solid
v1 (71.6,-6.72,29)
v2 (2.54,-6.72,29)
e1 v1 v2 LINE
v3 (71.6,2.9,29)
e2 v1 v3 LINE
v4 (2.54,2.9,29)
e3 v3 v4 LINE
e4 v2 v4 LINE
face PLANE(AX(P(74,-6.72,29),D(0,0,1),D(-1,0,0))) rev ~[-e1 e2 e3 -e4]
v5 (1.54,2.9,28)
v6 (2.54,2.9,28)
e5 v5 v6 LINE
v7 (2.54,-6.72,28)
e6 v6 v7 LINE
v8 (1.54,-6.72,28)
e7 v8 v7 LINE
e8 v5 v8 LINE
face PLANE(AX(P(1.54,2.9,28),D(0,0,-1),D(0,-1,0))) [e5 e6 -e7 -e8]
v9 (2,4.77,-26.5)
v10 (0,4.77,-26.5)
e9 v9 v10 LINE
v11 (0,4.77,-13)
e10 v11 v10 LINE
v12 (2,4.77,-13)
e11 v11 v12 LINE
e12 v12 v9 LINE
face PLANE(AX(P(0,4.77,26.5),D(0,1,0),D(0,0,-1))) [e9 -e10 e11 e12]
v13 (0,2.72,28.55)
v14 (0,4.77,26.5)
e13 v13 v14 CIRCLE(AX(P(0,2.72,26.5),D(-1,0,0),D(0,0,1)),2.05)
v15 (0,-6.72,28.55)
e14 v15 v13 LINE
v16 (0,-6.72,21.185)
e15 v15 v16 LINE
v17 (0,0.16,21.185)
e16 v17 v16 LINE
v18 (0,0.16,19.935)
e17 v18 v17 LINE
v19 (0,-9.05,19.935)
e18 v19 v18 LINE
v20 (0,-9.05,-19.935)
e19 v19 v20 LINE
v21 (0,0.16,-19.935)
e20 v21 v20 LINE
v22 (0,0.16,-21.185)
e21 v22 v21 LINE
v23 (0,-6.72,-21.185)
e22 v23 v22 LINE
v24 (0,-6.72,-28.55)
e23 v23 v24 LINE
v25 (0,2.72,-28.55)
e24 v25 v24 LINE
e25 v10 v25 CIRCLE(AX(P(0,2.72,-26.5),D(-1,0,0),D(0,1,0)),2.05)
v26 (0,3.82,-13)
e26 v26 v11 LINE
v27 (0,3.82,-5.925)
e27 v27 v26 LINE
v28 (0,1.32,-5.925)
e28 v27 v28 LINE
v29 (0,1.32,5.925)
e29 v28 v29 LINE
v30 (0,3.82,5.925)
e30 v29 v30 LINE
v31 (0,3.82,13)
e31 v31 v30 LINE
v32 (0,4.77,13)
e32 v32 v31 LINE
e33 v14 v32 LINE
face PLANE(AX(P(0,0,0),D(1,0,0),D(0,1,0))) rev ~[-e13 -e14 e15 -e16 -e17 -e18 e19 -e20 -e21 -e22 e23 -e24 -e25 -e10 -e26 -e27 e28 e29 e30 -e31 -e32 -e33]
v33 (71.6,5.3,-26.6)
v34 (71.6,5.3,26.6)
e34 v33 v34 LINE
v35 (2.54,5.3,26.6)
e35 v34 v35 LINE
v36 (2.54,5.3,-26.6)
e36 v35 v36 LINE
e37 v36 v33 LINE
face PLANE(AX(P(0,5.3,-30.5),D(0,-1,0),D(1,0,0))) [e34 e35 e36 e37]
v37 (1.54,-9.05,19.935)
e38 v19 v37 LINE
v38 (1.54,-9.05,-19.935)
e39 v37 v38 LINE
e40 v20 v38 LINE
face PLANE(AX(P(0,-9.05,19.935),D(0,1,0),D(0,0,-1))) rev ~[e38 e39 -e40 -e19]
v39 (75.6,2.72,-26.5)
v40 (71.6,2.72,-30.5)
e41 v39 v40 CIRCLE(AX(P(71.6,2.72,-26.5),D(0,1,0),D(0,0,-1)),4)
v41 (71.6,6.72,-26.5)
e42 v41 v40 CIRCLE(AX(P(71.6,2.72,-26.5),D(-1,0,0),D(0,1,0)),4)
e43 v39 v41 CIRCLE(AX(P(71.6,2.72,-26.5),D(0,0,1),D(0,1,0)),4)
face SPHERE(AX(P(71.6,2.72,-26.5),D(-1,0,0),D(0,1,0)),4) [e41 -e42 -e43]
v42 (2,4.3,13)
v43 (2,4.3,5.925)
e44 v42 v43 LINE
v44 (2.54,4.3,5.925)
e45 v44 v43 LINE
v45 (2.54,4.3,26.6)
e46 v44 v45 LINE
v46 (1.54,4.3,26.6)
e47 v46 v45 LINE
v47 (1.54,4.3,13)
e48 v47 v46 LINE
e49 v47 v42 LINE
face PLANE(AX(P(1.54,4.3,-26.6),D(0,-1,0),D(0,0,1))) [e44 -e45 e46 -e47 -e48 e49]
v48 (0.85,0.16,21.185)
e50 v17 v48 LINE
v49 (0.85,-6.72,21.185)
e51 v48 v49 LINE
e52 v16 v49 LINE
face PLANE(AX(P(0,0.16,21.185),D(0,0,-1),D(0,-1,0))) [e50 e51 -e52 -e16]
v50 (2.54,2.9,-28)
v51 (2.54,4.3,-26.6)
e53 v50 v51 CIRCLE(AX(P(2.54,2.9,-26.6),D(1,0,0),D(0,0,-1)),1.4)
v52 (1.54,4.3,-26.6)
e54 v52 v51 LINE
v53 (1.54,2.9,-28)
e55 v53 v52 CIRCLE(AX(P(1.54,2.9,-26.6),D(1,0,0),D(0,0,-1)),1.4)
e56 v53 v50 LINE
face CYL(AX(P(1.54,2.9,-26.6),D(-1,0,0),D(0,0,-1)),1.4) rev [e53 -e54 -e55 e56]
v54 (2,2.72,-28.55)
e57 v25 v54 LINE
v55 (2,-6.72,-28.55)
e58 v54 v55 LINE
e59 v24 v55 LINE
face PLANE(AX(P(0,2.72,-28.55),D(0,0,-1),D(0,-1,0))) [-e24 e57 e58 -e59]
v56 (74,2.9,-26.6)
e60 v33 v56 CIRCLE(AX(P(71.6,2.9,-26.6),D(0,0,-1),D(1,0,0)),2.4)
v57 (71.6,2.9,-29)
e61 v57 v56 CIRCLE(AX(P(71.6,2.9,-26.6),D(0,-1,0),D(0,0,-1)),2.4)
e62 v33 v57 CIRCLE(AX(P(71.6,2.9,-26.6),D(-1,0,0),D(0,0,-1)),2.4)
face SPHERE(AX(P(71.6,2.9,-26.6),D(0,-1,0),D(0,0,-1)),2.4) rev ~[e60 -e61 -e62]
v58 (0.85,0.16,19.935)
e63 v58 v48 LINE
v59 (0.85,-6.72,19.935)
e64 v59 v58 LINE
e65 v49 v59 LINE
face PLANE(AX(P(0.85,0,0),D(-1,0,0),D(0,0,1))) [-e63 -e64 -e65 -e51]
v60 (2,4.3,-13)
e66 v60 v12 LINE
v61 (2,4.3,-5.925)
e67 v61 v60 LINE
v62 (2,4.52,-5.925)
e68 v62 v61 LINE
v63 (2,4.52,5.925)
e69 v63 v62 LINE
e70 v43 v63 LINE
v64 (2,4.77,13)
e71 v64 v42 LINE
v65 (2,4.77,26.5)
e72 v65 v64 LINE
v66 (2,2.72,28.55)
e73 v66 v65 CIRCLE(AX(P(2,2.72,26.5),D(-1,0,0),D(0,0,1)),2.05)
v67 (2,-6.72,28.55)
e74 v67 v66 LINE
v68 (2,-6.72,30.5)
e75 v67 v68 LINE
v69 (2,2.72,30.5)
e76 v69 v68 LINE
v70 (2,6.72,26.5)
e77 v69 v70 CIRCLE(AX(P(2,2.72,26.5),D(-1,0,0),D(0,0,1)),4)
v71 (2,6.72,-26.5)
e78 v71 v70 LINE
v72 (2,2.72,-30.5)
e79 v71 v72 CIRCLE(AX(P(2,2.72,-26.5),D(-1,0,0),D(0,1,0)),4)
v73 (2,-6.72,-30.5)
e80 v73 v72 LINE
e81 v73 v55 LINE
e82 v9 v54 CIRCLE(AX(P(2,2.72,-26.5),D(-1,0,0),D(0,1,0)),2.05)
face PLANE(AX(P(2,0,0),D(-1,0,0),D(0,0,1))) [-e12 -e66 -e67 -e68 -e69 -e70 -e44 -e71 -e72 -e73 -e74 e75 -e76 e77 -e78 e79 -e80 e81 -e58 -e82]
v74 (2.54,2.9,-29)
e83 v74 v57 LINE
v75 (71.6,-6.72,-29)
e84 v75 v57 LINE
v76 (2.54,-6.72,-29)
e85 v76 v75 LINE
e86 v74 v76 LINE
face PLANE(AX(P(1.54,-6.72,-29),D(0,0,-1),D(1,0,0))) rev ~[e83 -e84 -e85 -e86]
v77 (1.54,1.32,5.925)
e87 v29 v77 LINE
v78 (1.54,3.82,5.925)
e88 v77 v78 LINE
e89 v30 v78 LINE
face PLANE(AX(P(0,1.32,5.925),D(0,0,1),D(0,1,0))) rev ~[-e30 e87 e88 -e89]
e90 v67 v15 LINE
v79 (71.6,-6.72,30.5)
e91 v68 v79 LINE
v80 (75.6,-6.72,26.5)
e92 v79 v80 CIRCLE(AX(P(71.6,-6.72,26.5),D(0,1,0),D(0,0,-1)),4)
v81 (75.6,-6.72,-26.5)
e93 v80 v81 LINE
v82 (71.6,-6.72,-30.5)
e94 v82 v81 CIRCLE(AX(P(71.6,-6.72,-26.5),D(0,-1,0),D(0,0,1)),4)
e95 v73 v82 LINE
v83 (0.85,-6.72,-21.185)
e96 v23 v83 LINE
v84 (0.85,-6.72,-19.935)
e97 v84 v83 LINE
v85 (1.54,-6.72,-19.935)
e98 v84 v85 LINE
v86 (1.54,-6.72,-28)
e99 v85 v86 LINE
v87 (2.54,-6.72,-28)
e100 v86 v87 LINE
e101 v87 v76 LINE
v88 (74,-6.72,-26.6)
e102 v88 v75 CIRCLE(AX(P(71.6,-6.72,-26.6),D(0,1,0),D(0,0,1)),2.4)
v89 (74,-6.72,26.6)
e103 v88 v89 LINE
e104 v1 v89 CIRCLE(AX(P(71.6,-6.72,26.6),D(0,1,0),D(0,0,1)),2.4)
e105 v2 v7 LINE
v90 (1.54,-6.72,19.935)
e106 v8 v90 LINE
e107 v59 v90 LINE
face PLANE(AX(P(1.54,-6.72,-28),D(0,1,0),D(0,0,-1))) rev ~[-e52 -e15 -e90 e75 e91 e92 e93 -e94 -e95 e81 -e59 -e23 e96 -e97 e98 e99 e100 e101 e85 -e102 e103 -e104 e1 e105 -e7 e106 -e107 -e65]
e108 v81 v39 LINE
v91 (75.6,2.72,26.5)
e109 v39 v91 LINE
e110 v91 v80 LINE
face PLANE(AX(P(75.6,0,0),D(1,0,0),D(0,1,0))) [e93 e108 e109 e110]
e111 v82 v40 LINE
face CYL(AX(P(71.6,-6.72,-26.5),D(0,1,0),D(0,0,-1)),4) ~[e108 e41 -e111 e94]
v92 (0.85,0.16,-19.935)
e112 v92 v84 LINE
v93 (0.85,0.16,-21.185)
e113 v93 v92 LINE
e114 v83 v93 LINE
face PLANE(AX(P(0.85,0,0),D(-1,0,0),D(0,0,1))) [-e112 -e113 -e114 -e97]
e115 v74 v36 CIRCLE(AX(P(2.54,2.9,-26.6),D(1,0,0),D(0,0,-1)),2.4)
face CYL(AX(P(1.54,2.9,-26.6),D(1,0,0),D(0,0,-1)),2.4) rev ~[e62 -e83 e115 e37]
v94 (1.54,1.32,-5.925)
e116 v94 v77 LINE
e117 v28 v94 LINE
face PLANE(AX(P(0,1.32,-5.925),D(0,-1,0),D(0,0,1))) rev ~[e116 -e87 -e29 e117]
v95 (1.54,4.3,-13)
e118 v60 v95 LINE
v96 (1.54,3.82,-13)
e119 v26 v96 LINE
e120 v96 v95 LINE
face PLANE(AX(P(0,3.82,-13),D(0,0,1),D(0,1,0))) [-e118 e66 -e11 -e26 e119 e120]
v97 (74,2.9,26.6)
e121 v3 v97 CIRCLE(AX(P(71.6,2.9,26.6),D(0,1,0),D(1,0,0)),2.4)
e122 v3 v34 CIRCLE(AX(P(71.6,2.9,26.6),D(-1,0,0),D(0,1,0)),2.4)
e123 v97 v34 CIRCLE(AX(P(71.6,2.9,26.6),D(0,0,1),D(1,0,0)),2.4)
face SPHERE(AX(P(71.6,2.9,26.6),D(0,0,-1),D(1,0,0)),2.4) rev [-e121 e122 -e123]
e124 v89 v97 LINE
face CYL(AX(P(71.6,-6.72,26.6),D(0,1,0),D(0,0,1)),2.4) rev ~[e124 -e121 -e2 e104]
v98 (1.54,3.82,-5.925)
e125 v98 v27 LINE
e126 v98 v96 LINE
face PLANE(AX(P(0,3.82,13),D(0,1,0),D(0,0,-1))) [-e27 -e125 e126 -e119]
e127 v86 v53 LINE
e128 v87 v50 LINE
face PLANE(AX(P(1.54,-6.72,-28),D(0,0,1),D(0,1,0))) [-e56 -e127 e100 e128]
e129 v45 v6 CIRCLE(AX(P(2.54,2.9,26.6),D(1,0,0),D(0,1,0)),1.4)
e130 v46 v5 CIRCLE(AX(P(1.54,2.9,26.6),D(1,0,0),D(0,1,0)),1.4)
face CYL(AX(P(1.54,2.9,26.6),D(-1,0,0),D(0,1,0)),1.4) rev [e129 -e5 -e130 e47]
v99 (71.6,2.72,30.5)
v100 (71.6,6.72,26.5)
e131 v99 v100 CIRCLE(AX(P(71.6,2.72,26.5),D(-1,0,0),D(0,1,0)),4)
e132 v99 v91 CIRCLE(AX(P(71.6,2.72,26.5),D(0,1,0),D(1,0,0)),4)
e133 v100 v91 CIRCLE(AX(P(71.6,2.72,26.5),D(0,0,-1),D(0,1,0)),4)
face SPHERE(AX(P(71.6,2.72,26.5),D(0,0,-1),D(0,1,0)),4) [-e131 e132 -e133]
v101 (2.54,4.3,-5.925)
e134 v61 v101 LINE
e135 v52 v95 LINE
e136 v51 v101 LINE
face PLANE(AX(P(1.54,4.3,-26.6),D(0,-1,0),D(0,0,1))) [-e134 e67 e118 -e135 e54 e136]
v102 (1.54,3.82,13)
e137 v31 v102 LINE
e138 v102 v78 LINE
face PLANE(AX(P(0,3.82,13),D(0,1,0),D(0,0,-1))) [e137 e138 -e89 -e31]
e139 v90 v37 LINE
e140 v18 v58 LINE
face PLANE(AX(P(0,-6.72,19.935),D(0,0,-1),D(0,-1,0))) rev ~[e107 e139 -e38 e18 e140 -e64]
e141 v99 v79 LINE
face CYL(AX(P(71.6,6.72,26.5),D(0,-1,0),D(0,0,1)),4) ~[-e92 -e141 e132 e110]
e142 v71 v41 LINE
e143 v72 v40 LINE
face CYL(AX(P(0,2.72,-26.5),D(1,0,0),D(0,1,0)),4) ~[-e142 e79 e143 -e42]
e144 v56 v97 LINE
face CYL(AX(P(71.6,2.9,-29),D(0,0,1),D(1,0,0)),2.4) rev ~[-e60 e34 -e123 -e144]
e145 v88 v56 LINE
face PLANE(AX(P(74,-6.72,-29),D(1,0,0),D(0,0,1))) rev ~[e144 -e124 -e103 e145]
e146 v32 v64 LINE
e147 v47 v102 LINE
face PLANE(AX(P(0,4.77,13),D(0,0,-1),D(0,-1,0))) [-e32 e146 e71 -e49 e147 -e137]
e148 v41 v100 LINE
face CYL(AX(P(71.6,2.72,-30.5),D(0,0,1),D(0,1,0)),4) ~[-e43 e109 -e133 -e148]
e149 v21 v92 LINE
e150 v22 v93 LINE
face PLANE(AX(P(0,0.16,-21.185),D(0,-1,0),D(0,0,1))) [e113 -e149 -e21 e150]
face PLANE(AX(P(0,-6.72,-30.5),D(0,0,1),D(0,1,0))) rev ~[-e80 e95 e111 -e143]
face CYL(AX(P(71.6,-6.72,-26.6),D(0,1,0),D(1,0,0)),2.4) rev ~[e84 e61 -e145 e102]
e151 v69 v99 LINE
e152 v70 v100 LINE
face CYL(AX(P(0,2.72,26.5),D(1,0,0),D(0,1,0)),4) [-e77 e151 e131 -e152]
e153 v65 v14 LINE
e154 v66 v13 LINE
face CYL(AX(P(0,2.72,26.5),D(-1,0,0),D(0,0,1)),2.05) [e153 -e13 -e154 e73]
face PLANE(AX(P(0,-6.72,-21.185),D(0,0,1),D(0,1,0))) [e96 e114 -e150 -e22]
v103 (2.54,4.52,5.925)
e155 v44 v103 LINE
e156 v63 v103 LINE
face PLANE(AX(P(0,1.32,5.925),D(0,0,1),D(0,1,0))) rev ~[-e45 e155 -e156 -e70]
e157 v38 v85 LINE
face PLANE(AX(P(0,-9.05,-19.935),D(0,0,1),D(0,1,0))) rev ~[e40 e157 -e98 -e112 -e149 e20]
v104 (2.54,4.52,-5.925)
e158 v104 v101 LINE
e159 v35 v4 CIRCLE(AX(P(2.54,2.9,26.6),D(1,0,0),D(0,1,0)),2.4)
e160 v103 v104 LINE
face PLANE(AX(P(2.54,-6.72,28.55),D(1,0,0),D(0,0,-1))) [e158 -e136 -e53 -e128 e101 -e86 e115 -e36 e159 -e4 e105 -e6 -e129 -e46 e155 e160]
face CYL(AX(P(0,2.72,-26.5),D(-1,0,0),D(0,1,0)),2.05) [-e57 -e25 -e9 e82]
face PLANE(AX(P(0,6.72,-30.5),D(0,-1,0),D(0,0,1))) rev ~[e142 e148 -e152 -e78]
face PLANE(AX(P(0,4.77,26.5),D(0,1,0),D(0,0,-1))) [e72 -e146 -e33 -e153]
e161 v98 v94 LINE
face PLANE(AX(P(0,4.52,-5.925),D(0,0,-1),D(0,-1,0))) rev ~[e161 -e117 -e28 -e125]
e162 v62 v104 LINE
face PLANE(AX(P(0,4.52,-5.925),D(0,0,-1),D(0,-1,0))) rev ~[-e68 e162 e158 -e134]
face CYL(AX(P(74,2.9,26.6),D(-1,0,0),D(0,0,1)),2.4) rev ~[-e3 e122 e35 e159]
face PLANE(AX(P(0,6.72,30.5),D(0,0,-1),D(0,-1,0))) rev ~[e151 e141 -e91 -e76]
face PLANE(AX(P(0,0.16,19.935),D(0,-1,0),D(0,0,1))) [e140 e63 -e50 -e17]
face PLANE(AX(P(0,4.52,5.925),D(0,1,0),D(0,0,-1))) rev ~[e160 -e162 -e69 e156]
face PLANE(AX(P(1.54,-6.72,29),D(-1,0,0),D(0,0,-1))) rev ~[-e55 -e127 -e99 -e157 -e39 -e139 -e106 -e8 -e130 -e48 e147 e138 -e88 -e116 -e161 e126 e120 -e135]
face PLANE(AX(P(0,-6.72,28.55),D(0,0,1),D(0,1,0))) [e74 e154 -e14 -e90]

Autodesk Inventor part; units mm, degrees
ref_plane "YZ Plane" through (0, 0, 0) normal (1, 0, 0) x (0, 1, 0)
ref_plane "XZ Plane" through (0, 0, 0) normal (0, 1, 0) x (-1, 0, 0)
ref_plane "XY Plane" through (0, 0, 0) normal (0, 0, 1) x (1, 0, 0)
sketch "Sketch1" plane through (0, 0, 0) normal (1, 0, 0) x (0, 1, 0)
  line L0 (6.72, 30.5) -> (-6.72, 30.5)
  line L1 (-6.72, 30.5) -> (-6.72, -30.5)
  line L2 (-6.72, -30.5) -> (6.72, -30.5)
  line L3 (6.72, -30.5) -> (6.72, 30.5)
  line L4 (6.72, 0) -> (-6.72, 0) construction
  point P0 (0, 0)
  point P1 (0, 0)
  dimension "d0" = 61
  dimension "d1" = 13.44
extrude "Extrusion1" add sketch "Sketch1" along normal blind 75.6
sketch "Sketch2" plane through (0, -6.72, -30.5) normal (0, -1, 0) x (1, 0, 0)
  line L0 (1.54, 1.5) -> (74, 1.5)
  line L1 (74, 1.5) -> (74, 59.5)
  line L2 (74, 59.5) -> (1.54, 59.5)
  line L3 (1.54, 59.5) -> (1.54, 1.5)
  line L4 (0, 30.5) -> (1.54, 30.5) construction
  line L5 (0, 61) -> (0, 0) construction
  line L6 (75.6, 61) -> (75.6, 0) construction
  line L7 (0, 61) -> (75.6, 61) construction
  dimension "d4" = 1.54
  dimension "d5" = 1.6
  dimension "d6" = 1.5
extrude "Extrusion2" cut sketch "Sketch2" against normal blind 12.02
fillet "Fillet1" radius 4 5 edges at (37.8, 6.72, -30.5) (75.6, 6.72, 0) (75.6, 0, -30.5) (37.8, 6.72, 30.5) (75.6, 0, 30.5)
fillet "Fillet2" radius 2.4 5 edges at (74, -0.71, -29) (37.77, 5.3, -29) (74, 5.3, 0) (74, -0.71, 29) (37.77, 5.3, 29)
sketch "Sketch3" plane through (0, 0, 0) normal (-1, 0, 0) x (0, 0, 1)
  line L0 (-30.5, -6.72) -> (-30.5, 2.72) projected
  arc A0 (-26.5, 6.72) -> (-30.5, 2.72) centre (-26.5, 2.72) ccw projected
  line L1 (-26.5, 6.72) -> (26.5, 6.72) projected
  arc A1 (30.5, 2.72) -> (26.5, 6.72) centre (26.5, 2.72) ccw projected
  line L2 (30.5, 2.72) -> (30.5, -6.72) projected
  line L3 (28.55, -6.72) -> (28.55, 2.72)
  arc A2 (28.55, 2.72) -> (26.5, 4.77) centre (26.5, 2.72) ccw
  line L4 (26.5, 4.77) -> (-26.5, 4.77)
  arc A3 (-26.5, 4.77) -> (-28.55, 2.72) centre (-26.5, 2.72) ccw
  line L5 (-28.55, 2.72) -> (-28.55, -6.72)
  line L6 (-26.5, -6.72) -> (-30.5, -6.72) construction
  line L7 (-28.55, -6.72) -> (-30.5, -6.72)
  line L8 (28.55, -6.72) -> (30.5, -6.72)
  line L9 (-29, -6.72) -> (29, -6.72) construction
  point P0 (0, 0)
  dimension "d11" = 1.95
extrude "Extrusion3" cut sketch "Sketch3" against normal blind 2
sketch "Sketch4" plane through (1.54, -6.72, 28.55) normal (1, 0, 0) x (0, 0, -1)
  line L0 (1.95, 12.02) -> (55.15, 12.02) projected
  arc A0 (57.55, 9.62) -> (55.15, 12.02) centre (55.15, 9.62) ccw projected
  line L1 (57.55, 9.62) -> (57.55, 0) projected
  arc A1 (1.95, 12.02) -> (-0.45, 9.62) centre (1.95, 9.62) ccw projected
  line L2 (-0.45, 0) -> (-0.45, 9.62) projected
  line L3 (56.55, 0) -> (56.55, 9.62)
  arc A2 (56.55, 9.62) -> (55.15, 11.02) centre (55.15, 9.62) ccw
  line L4 (55.15, 11.02) -> (1.95, 11.02)
  arc A3 (1.95, 11.02) -> (0.55, 9.62) centre (1.95, 9.62) ccw
  line L5 (0.55, 9.62) -> (0.55, 0)
  line L6 (56.55, 0) -> (57.55, 0)
  line L7 (-0.45, 0) -> (0.55, 0)
  line L8 (57.1, 0) -> (0, 0) construction
  point P0 (28.55, 6.72)
  dimension "d14" = 1
extrude "Extrusion4" add sketch "Sketch4" along normal blind 1
sketch "Sketch5" plane through (0, 0, 0) normal (-1, 0, 0) x (0, 0, 1)
  arc A0 (-26.5, 6.72) -> (-30.5, 2.72) centre (-26.5, 2.72) ccw projected
  line L0 (-26.5, 6.72) -> (26.5, 6.72) projected
  line L1 (-30.5, -6.72) -> (-30.5, 2.72) projected
  line L2 (-29, -6.72) -> (-30.5, -6.72) projected
  line L3 (-28.55, -6.72) -> (-29, -6.72) projected
  line L4 (-28.55, 2.72) -> (-28.55, -6.72) projected
  arc A1 (-26.5, 4.77) -> (-28.55, 2.72) centre (-26.5, 2.72) ccw projected
  line L5 (26.5, 4.77) -> (-26.5, 4.77) projected
  arc A2 (30.5, 2.72) -> (26.5, 6.72) centre (26.5, 2.72) ccw projected
  arc A3 (28.55, 2.72) -> (26.5, 4.77) centre (26.5, 2.72) ccw projected
  line L6 (28.55, -6.72) -> (28.55, 2.72) projected
  line L7 (30.5, 2.72) -> (30.5, -6.72) projected
  line L8 (30.5, -6.72) -> (29, -6.72) projected
  line L9 (29, -6.72) -> (28.55, -6.72) projected
  point P0 (0, 0)
extrude "Extrusion5" cut sketch "Sketch5" against normal up to surface (2 mm away)
sketch "Sketch6" plane through (0, 0, 0) normal (-1, 0, 0) x (0, 0, 1)
  line L0 (26.5, 4.77) -> (-26.5, 4.77) construction
  line L1 (-13, 4.77) -> (13, 4.77)
  line L2 (13, 4.77) -> (13, 3.82)
  line L3 (13, 3.82) -> (-13, 3.82)
  line L4 (-13, 3.82) -> (-13, 4.77)
  line L5 (-26.5, 6.72) -> (26.5, 6.72) construction
  point P0 (0, 0)
  point P1 (0, 4.77)
  dimension "d19" = 26
  dimension "d21" = 2.9
extrude "Extrusion6" cut sketch "Sketch6" against normal up to surface (2 mm away)
sketch "Sketch7" plane through (0, 0, 0) normal (-1, 0, 0) x (0, 0, 1)
  line L0 (-5.925, 1.32) -> (5.925, 1.32)
  line L1 (5.925, 1.32) -> (5.925, 4.52)
  line L2 (5.925, 4.52) -> (-5.925, 4.52)
  line L3 (-5.925, 4.52) -> (-5.925, 1.32)
  line L4 (-26.5, 6.72) -> (26.5, 6.72) construction
  line L5 (0, 6.72) -> (0, 4.52) construction
  point P0 (0, 0)
  dimension "d24" = 2.2
  dimension "d25" = 3.2
  dimension "d26" = 11.85
extrude "Extrusion7" cut sketch "Sketch7" against normal up to surface (2.54 mm away)
sketch "Sketch8" plane through (0, 0, 0) normal (-1, 0, 0) x (0, 0, 1)
  line L0 (-19.935, -6.72) -> (19.935, -6.72)
  line L1 (19.935, -6.72) -> (19.935, -9.05)
  line L2 (19.935, -9.05) -> (-19.935, -9.05)
  line L3 (-19.935, -9.05) -> (-19.935, -6.72)
  line L4 (28.55, -6.72) -> (-28.55, -6.72) construction
  point P0 (0, 0)
  point P1 (0, -6.72)
  dimension "d29" = 39.87
  dimension "d30" = 2.33
extrude "Extrusion8" add sketch "Sketch8" against normal up to surface (1.54 mm away)
sketch "Sketch9" plane through (0, 0, 0) normal (-1, 0, 0) x (0, 0, 1)
  line L0 (-21.185, 0.16) -> (-19.935, 0.16)
  line L1 (-19.935, 0.16) -> (-19.935, -6.72)
  line L2 (-19.935, -6.72) -> (-21.185, -6.72)
  line L3 (-21.185, -6.72) -> (-21.185, 0.16)
  line L4 (19.935, 0.16) -> (21.185, 0.16)
  line L5 (21.185, 0.16) -> (21.185, -6.72)
  line L6 (21.185, -6.72) -> (19.935, -6.72)
  line L7 (19.935, -6.72) -> (19.935, 0.16)
  line L8 (-19.935, -3.28) -> (19.935, -3.28) construction
  line L9 (0, 0) -> (0, -3.28) construction
  line L10 (-19.935, -6.72) -> (-19.935, -9.05) construction
  line L11 (-19.935, -6.72) -> (-28.55, -6.72) construction
  dimension "d33" = 1.25
  dimension "d34" = 6.88
extrude "Extrusion9" cut sketch "Sketch9" against normal blind 0.85
properties part number "aus-200_top" material "PC/ABS Plastic"
